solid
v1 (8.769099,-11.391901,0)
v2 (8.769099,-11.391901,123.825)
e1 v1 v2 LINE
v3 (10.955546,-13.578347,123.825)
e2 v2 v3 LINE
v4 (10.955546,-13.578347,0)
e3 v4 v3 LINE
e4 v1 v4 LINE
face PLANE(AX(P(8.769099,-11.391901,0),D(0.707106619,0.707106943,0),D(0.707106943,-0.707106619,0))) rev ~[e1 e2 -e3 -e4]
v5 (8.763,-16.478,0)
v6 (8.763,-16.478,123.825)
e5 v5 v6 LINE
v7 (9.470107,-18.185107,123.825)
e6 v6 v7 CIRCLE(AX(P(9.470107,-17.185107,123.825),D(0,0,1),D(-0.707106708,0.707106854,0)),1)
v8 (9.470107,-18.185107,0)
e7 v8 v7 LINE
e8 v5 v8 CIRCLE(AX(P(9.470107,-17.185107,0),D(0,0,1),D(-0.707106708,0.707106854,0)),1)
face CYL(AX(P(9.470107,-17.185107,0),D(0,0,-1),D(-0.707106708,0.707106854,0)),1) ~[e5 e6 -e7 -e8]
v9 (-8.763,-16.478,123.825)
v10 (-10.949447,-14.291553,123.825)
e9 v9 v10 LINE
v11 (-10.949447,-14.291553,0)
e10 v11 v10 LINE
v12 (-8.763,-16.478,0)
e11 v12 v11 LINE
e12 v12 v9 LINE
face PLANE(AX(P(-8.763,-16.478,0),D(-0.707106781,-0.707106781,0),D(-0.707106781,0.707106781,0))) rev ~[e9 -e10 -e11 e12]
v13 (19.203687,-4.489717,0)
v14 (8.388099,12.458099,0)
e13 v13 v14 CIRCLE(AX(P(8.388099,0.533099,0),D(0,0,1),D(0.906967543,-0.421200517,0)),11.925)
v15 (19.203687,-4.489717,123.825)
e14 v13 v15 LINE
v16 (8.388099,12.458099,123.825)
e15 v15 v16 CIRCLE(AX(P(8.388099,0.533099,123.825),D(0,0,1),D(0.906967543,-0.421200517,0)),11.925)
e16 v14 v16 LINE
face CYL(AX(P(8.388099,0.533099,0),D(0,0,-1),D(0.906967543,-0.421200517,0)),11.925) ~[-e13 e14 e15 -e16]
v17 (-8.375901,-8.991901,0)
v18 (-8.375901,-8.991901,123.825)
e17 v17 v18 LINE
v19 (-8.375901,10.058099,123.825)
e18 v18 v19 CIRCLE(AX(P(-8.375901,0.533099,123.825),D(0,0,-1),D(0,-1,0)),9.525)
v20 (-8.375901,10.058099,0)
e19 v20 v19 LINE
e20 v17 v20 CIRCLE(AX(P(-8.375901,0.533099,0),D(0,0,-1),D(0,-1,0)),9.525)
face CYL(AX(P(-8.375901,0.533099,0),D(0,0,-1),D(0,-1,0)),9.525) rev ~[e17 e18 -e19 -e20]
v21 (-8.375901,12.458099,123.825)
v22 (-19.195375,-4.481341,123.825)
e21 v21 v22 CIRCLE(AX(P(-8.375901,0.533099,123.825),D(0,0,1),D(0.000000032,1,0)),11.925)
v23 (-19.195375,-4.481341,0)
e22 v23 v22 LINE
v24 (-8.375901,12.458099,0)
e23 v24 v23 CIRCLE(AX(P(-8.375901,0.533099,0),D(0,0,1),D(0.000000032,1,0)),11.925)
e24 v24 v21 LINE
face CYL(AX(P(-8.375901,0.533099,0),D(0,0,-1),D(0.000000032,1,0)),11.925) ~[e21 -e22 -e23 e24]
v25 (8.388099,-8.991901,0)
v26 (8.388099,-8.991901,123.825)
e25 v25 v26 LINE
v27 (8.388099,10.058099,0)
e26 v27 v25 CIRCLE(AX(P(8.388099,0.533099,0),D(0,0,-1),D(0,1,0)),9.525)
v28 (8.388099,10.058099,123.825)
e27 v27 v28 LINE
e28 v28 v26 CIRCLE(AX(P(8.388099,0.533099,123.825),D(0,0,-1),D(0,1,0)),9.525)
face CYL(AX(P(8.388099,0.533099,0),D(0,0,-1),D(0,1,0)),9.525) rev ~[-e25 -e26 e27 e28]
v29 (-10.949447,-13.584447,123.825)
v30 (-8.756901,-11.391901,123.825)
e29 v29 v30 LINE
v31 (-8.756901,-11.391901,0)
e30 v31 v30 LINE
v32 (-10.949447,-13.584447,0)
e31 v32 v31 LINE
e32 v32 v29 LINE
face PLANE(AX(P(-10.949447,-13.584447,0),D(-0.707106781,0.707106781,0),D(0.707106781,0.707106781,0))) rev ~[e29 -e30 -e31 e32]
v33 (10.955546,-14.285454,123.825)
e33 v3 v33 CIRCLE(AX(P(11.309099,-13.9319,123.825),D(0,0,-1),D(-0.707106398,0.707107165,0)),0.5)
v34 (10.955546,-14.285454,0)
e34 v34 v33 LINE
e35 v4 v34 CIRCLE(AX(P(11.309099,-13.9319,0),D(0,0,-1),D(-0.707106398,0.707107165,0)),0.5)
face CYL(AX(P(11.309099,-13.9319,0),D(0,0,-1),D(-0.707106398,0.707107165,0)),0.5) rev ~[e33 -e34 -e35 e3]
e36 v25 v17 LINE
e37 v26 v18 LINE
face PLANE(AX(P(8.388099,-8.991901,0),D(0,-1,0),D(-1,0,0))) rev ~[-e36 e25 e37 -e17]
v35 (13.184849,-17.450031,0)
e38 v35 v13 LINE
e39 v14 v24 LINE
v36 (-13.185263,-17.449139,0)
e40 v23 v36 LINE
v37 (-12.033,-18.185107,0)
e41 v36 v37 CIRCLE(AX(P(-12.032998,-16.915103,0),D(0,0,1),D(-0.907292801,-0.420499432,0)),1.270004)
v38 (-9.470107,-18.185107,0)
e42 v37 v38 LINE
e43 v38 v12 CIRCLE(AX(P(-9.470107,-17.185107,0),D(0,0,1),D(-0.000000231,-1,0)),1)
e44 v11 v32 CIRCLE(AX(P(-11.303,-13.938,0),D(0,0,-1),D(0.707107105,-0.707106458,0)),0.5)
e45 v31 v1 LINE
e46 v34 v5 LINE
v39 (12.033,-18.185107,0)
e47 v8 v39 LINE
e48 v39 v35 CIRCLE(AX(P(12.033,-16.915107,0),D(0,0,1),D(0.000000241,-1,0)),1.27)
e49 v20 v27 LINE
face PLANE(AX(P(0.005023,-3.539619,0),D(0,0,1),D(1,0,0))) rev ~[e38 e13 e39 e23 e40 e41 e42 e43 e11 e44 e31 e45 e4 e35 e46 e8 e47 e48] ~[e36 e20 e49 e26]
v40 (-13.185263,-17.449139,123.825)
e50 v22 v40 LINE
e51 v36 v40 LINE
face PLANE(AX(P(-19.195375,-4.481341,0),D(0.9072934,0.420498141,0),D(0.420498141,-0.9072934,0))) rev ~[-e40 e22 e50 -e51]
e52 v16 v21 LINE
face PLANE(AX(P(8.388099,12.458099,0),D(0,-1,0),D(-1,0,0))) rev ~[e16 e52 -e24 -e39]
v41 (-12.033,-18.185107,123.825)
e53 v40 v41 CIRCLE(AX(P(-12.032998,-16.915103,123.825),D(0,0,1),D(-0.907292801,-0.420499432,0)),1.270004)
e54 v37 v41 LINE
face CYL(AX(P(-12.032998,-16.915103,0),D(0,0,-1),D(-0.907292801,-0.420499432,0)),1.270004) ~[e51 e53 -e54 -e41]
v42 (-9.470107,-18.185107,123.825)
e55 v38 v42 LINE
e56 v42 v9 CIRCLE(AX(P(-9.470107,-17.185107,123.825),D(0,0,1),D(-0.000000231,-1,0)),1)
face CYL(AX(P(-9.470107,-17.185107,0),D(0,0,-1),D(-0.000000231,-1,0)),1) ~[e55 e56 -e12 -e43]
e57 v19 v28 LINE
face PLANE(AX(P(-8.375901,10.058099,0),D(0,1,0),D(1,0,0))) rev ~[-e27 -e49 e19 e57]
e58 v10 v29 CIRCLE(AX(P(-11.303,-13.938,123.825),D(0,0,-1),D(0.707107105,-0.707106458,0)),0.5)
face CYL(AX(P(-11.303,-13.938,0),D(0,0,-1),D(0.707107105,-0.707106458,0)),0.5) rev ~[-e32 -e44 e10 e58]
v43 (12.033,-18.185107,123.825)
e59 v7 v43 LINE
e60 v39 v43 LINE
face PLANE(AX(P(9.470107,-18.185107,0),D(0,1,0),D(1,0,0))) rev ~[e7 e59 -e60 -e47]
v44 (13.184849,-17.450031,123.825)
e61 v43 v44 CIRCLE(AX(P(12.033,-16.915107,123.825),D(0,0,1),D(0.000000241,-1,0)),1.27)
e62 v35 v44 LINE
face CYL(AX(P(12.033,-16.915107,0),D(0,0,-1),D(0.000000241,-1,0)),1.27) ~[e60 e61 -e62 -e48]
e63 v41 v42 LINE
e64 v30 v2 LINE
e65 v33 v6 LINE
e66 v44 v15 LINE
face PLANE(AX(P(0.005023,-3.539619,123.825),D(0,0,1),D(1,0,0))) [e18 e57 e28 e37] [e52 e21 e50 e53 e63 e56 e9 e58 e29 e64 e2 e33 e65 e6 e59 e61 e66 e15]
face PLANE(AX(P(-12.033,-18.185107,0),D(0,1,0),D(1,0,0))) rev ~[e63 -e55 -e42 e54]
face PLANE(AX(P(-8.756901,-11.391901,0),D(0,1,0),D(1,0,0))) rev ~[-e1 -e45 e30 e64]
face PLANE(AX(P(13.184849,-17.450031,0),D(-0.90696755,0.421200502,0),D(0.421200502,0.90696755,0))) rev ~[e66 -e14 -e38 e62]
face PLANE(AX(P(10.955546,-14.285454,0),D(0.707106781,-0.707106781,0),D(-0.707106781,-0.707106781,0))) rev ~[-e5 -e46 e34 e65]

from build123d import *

# Parameters (mm, degrees)
F1_DEPTH = 123.825


with BuildPart() as f1:
    # F0 (on Top) → F1 (new body)
    with BuildSketch(Plane.XY):
        with BuildLine():
            ThreePointArc((-10.949447, -14.291553), (-11.803, -13.938), (-10.949447, -13.584447))
            Line((-10.949447, -13.584447), (-8.756901, -11.391901))
            Line((-8.756901, -11.391901), (8.769099, -11.391901))
            Line((8.769099, -11.391901), (10.955546, -13.578347))
            ThreePointArc((10.955546, -13.578347), (11.809099, -13.931901), (10.955546, -14.285454))
            Line((10.955546, -14.285454), (8.763, -16.478))
            ThreePointArc((8.763, -16.478), (8.546227, -17.56779), (9.470107, -18.185107))
            Line((9.470107, -18.185107), (12.033, -18.185107))
            ThreePointArc((12.033, -18.185107), (12.716208, -17.98568), (13.184849, -17.450031))
            Line((13.184849, -17.450031), (19.203687, -4.489717))
            ThreePointArc((19.203687, -4.489717), (18.440529, 6.948259), (8.388099, 12.458099))
            Line((8.388099, 12.458099), (-8.375901, 12.458099))
            ThreePointArc((-8.375901, 12.458099), (-18.425847, 6.95215), (-19.195375, -4.481341))
            Line((-19.195375, -4.481341), (-13.185263, -17.449139))
            ThreePointArc((-13.185263, -17.449139), (-12.716622, -17.985415), (-12.033, -18.185107))
            Line((-12.033, -18.185107), (-9.470107, -18.185107))
            ThreePointArc((-9.470107, -18.185107), (-8.546227, -17.56779), (-8.763, -16.478))
            Line((-8.763, -16.478), (-10.949447, -14.291553))
        make_face()
        with BuildLine():
            ThreePointArc((8.388099, 10.058099), (17.913099, 0.533099), (8.388099, -8.991901))
            Line((8.388099, -8.991901), (-8.375901, -8.991901))
            ThreePointArc((-8.375901, -8.991901), (-17.900901, 0.533099), (-8.375901, 10.058099))
            Line((-8.375901, 10.058099), (8.388099, 10.058099))
        make_face(mode=Mode.SUBTRACT)
    extrude(amount=F1_DEPTH)


solid = f1.part
